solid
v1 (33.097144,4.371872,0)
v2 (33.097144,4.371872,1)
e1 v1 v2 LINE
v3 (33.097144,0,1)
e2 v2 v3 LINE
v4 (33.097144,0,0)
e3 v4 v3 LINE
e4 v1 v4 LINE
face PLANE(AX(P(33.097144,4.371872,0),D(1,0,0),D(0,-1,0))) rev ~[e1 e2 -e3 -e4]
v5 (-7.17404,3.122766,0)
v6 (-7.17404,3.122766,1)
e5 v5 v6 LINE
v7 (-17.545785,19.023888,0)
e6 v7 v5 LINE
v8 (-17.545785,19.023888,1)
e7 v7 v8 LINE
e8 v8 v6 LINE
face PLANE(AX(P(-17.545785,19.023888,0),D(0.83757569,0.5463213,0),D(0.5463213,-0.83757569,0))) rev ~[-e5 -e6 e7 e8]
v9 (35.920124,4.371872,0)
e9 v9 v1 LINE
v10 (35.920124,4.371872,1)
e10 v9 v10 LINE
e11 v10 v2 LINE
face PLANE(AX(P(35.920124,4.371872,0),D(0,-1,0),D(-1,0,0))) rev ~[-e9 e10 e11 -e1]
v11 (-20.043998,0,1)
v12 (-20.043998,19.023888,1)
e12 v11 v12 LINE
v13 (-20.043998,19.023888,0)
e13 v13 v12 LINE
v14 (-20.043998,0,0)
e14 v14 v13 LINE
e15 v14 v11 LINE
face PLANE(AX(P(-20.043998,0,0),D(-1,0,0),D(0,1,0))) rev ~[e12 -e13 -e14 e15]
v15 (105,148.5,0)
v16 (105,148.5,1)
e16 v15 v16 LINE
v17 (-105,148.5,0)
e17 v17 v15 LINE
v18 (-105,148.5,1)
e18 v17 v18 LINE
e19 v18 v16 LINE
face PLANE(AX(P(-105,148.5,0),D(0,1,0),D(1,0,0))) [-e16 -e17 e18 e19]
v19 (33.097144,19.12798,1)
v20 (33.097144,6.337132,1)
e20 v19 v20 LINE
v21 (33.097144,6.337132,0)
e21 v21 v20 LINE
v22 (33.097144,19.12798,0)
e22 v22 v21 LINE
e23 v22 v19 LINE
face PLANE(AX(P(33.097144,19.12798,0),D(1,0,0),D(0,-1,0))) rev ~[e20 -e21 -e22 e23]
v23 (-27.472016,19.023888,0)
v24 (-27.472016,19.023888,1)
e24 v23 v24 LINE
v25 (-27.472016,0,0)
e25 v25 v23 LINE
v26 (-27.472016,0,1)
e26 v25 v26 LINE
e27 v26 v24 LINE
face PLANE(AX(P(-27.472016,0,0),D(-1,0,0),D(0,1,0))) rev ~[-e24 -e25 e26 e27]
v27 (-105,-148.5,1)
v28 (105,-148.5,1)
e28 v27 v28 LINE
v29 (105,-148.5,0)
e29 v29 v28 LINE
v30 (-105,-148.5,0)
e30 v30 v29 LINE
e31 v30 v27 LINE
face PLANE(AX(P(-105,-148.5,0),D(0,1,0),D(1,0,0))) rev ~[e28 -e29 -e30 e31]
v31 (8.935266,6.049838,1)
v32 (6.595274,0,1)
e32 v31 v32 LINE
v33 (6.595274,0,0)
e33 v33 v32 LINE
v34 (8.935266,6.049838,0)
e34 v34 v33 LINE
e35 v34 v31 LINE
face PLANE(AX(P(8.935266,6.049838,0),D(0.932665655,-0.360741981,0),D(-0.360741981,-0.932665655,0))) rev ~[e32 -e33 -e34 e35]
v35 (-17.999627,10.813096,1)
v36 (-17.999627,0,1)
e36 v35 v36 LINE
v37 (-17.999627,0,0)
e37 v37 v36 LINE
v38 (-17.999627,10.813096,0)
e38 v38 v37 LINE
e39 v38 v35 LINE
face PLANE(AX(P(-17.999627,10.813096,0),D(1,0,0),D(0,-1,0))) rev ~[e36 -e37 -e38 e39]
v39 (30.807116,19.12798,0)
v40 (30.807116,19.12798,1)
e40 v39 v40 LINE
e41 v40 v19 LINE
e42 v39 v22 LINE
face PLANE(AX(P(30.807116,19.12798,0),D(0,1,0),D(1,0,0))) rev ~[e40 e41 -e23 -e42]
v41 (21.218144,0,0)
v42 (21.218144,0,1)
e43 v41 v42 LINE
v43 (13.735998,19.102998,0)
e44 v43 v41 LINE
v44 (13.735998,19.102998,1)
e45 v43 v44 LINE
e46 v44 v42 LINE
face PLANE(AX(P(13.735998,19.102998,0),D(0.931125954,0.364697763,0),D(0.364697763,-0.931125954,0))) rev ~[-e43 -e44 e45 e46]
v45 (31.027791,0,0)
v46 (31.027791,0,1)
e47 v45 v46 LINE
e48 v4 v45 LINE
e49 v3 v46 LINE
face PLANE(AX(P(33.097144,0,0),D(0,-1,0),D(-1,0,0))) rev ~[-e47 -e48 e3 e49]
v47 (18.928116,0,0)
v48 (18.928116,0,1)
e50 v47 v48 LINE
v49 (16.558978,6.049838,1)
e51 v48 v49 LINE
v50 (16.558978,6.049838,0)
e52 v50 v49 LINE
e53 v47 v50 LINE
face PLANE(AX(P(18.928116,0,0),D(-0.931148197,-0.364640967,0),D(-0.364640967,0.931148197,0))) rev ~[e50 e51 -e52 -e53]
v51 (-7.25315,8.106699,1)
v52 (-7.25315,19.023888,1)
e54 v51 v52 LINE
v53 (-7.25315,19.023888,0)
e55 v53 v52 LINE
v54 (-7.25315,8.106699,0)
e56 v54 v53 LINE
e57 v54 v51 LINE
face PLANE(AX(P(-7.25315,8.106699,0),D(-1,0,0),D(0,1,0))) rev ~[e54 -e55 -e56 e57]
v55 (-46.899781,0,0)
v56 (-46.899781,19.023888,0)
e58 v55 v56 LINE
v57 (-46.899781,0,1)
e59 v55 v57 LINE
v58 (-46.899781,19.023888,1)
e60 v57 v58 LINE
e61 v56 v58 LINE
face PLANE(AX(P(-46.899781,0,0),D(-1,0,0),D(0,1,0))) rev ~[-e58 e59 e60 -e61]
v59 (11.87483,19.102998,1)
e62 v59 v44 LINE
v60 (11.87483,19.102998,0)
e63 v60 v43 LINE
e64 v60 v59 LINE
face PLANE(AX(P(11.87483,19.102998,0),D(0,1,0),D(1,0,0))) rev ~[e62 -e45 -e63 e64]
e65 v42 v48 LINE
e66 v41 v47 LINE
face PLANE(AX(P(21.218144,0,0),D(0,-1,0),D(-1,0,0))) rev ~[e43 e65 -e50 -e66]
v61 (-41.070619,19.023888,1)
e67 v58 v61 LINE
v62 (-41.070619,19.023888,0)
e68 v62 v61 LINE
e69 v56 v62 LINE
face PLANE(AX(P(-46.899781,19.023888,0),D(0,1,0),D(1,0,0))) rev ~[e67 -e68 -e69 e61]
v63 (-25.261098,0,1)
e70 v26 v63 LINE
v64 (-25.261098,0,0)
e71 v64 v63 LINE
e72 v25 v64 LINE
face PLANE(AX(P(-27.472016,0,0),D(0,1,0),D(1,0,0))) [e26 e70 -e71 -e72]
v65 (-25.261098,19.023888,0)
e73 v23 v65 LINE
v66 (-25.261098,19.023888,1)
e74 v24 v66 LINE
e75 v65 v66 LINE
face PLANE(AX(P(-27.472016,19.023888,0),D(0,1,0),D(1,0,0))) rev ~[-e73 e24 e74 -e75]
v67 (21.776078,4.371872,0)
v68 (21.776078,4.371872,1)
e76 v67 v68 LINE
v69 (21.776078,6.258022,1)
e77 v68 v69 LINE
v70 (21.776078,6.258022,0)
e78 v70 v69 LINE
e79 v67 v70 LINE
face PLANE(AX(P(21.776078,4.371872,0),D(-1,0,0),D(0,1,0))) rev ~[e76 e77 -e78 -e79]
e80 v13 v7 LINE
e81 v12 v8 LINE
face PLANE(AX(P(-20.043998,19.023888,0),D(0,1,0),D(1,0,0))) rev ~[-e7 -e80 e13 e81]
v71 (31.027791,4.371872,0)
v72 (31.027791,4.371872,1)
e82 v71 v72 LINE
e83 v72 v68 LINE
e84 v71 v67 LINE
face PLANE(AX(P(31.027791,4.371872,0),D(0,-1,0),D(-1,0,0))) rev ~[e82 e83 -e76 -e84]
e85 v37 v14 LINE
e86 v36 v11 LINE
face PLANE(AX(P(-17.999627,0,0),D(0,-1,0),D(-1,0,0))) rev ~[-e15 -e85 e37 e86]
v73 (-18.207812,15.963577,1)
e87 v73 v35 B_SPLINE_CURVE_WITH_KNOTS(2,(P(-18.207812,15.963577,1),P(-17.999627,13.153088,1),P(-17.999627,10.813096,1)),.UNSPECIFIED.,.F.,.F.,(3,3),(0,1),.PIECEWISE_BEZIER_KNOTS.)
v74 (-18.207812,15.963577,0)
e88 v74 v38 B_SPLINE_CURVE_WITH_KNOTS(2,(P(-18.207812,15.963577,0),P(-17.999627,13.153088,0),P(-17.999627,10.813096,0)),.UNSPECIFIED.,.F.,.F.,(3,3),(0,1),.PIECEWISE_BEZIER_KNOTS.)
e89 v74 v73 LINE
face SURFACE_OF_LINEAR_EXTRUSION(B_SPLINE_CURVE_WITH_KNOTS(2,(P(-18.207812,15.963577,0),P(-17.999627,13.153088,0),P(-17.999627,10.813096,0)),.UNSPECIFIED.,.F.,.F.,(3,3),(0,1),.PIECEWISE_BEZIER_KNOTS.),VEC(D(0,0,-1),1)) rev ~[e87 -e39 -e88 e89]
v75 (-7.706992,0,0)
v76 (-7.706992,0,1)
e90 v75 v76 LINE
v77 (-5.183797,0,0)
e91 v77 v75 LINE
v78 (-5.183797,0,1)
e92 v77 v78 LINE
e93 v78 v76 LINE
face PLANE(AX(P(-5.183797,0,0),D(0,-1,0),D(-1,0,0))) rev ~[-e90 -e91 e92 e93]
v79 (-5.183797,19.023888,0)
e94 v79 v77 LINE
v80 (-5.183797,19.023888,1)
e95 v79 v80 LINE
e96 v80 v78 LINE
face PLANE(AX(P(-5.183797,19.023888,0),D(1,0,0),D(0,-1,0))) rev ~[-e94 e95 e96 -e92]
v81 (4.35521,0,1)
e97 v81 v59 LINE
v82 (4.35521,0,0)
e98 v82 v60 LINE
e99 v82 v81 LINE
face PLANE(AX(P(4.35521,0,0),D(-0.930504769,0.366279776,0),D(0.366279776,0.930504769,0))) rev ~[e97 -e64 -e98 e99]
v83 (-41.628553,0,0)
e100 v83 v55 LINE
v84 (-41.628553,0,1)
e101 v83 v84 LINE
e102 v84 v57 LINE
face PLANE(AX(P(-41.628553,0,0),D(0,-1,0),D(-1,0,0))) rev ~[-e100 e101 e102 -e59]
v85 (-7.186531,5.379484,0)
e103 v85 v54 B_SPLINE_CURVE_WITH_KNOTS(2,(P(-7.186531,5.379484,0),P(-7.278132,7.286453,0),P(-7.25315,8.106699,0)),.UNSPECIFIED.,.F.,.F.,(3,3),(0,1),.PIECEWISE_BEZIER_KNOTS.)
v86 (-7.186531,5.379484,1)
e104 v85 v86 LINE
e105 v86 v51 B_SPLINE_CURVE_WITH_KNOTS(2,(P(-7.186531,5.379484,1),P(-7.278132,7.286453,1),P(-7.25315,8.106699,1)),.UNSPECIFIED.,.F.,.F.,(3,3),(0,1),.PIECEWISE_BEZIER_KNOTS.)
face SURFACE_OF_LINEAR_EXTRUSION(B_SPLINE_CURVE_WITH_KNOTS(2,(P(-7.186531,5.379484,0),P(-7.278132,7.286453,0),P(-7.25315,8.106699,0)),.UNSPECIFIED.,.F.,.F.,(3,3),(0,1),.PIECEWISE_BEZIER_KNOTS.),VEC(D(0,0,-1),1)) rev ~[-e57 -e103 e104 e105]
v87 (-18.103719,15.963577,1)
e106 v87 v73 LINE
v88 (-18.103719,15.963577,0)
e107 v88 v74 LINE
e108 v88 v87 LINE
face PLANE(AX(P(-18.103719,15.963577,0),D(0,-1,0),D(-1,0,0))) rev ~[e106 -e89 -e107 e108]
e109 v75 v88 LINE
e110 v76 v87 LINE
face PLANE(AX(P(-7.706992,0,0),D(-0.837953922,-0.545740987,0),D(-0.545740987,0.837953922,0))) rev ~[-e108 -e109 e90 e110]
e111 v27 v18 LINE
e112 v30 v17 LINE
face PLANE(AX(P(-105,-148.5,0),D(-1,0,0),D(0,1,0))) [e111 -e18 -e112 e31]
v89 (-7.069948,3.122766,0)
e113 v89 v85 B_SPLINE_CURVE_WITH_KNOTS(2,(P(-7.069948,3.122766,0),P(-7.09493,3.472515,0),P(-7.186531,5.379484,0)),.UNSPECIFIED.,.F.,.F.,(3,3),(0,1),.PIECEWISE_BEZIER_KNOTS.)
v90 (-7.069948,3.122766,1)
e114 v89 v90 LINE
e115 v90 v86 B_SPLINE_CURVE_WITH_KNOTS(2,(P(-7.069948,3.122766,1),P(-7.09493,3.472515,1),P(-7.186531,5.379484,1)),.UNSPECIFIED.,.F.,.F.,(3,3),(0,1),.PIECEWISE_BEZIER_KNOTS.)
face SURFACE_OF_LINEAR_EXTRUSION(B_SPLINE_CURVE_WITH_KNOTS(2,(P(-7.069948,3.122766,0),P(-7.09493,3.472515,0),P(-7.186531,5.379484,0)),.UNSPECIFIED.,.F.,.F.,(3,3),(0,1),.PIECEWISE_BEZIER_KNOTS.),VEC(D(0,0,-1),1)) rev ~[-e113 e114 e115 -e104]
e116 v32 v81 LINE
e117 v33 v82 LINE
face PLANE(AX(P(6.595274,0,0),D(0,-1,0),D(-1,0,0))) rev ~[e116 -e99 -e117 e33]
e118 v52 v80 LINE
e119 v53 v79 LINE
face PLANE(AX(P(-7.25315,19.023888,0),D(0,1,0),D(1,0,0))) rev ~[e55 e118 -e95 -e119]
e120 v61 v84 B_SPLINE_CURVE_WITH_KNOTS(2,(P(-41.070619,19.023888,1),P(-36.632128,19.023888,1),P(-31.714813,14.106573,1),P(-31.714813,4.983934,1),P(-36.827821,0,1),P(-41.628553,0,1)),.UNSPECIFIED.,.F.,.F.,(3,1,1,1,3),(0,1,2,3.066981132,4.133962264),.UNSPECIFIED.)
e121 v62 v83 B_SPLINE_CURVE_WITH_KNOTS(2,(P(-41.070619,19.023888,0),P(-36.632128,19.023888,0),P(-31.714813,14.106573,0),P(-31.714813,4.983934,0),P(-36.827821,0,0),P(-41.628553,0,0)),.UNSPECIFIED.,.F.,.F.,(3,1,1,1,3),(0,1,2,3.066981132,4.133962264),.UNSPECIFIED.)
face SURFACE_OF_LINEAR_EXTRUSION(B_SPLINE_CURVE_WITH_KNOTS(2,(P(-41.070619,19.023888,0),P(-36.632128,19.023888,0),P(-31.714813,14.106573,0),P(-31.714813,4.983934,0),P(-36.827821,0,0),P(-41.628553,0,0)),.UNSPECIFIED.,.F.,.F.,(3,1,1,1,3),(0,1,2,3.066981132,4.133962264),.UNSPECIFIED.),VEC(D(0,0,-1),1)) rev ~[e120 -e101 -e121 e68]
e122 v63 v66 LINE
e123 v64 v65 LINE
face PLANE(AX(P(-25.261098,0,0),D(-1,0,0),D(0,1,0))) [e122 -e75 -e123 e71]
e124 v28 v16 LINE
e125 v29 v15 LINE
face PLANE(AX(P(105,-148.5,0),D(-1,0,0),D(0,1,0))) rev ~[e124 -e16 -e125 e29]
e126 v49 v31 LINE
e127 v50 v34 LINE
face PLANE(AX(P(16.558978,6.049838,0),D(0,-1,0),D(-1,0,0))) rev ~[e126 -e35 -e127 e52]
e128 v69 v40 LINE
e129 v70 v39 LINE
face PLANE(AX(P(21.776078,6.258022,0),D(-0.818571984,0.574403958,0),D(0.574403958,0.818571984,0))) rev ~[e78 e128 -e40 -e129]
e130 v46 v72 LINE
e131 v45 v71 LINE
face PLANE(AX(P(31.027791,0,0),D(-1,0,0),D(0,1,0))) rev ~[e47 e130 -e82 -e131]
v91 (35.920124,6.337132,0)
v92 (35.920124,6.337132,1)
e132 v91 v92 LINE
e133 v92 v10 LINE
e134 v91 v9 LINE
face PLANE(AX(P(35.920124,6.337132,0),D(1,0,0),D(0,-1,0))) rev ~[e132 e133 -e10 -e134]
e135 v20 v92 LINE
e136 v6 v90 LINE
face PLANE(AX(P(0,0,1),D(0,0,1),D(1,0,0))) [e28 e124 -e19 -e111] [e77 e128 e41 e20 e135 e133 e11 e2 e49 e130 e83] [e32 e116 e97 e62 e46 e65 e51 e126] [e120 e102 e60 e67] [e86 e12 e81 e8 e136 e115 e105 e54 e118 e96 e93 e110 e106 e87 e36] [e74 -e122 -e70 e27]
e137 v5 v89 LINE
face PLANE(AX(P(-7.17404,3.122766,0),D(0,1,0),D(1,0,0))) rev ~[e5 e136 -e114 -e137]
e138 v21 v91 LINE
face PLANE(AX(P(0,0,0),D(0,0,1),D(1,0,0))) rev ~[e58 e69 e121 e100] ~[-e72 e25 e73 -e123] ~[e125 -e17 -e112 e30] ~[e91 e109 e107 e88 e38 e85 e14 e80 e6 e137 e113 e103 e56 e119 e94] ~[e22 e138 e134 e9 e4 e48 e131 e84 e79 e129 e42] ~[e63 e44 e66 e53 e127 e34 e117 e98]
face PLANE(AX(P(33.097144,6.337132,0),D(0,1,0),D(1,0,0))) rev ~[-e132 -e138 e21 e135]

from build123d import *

# Parameters (mm, degrees)
F0_W     = 210
F0_H     = 297
F0_W_2   = 2.2109179881
F0_H_2   = 19.0238875475
F1_DEPTH = 1


with BuildPart() as f1:
    # F0 (on Top) → F1 (new body)
    with BuildSketch(Plane.XY):
        Rectangle(F0_W, F0_H)
        with BuildLine():
            add(Edge.make_bspline(
                [(-34.1734707151, 16.5652301615), (-31.714813329, 14.1065727754), (-31.714813329, 9.6930641739)],
                knots=[0, 0, 0, 1, 1, 1], degree=2))
            add(Edge.make_bspline(
                [(-31.714813329, 9.6930641739), (-31.714813329, 4.9839337698), (-34.271317368, 2.4919668849)],
                knots=[0, 0, 0, 1, 1, 1], degree=2))
            add(Edge.make_bspline(
                [(-34.271317368, 2.4919668849), (-36.827821407, 0), (-41.628552933, 0)],
                knots=[0, 0, 0, 1, 1, 1], degree=2))
            Line((-41.628552933, 0), (-46.8997811307, 0))
            Line((-46.8997811307, 0), (-46.8997811307, 19.0238875475))
            Line((-46.8997811307, 19.0238875475), (-41.0706188268, 19.0238875475))
            add(Edge.make_bspline(
                [(-41.0706188268, 19.0238875475), (-36.6321281011, 19.0238875475), (-34.1734707151, 16.5652301615)],
                knots=[0, 0, 0, 1, 1, 1], degree=2))
        make_face(mode=Mode.SUBTRACT)
        with Locations((-26.3665569152, 9.5119437738)):
            Rectangle(F0_W_2, F0_H_2, mode=Mode.SUBTRACT)
        with BuildLine():
            Line((-5.1837974715, 19.0238875475), (-5.1837974715, 0))
            Line((-5.1837974715, 0), (-7.7069920117, 0))
            Line((-7.7069920117, 0), (-18.1037193494, 15.963577338))
            Line((-18.1037193494, 15.963577338), (-18.2078115334, 15.963577338))
            add(Edge.make_bspline(
                [(-18.2078115334, 15.963577338), (-17.9996271654, 13.15308837), (-17.9996271654, 10.8130960737)],
                knots=[0, 0, 0, 1, 1, 1], degree=2))
            Line((-17.9996271654, 10.8130960737), (-17.9996271654, 0))
            Line((-17.9996271654, 0), (-20.0439976591, 0))
            Line((-20.0439976591, 0), (-20.0439976591, 19.0238875475))
            Line((-20.0439976591, 19.0238875475), (-17.5457852432, 19.0238875475))
            Line((-17.5457852432, 19.0238875475), (-7.1740400296, 3.1227655199))
            Line((-7.1740400296, 3.1227655199), (-7.0699478456, 3.1227655199))
            add(Edge.make_bspline(
                [(-7.0699478456, 3.1227655199), (-7.0949299698, 3.4725152582), (-7.1865310917, 5.379484069)],
                knots=[0, 0, 0, 1, 1, 1], degree=2))
            add(Edge.make_bspline(
                [(-7.1865310917, 5.379484069), (-7.2781322136, 7.2864528799), (-7.2531500894, 8.1066992898)],
                knots=[0, 0, 0, 1, 1, 1], degree=2))
            Line((-7.2531500894, 8.1066992898), (-7.2531500894, 19.0238875475))
            Line((-7.2531500894, 19.0238875475), (-5.1837974715, 19.0238875475))
        make_face(mode=Mode.SUBTRACT)
        Polygon((21.2181440778, 0), (18.9281160298, 0), (16.558977922, 6.049837734), (8.935266366, 6.049837734), (6.5952740697, 0), (4.3552102701, 0), (11.8748296421, 19.1029976074), (13.735997892, 19.1029976074), align=None, mode=Mode.SUBTRACT)
        Polygon((35.9201241457, 6.3371321618), (35.9201241457, 4.3718717279), (33.0971441156, 4.3718717279), (33.0971441156, 0), (31.0277914978, 0), (31.0277914978, 4.3718717279), (21.776078184, 4.3718717279), (21.776078184, 6.258022102), (30.8071160677, 19.1279797315), (33.0971441156, 19.1279797315), (33.0971441156, 6.3371321618), align=None, mode=Mode.SUBTRACT)
    extrude(amount=F1_DEPTH)


solid = f1.part
